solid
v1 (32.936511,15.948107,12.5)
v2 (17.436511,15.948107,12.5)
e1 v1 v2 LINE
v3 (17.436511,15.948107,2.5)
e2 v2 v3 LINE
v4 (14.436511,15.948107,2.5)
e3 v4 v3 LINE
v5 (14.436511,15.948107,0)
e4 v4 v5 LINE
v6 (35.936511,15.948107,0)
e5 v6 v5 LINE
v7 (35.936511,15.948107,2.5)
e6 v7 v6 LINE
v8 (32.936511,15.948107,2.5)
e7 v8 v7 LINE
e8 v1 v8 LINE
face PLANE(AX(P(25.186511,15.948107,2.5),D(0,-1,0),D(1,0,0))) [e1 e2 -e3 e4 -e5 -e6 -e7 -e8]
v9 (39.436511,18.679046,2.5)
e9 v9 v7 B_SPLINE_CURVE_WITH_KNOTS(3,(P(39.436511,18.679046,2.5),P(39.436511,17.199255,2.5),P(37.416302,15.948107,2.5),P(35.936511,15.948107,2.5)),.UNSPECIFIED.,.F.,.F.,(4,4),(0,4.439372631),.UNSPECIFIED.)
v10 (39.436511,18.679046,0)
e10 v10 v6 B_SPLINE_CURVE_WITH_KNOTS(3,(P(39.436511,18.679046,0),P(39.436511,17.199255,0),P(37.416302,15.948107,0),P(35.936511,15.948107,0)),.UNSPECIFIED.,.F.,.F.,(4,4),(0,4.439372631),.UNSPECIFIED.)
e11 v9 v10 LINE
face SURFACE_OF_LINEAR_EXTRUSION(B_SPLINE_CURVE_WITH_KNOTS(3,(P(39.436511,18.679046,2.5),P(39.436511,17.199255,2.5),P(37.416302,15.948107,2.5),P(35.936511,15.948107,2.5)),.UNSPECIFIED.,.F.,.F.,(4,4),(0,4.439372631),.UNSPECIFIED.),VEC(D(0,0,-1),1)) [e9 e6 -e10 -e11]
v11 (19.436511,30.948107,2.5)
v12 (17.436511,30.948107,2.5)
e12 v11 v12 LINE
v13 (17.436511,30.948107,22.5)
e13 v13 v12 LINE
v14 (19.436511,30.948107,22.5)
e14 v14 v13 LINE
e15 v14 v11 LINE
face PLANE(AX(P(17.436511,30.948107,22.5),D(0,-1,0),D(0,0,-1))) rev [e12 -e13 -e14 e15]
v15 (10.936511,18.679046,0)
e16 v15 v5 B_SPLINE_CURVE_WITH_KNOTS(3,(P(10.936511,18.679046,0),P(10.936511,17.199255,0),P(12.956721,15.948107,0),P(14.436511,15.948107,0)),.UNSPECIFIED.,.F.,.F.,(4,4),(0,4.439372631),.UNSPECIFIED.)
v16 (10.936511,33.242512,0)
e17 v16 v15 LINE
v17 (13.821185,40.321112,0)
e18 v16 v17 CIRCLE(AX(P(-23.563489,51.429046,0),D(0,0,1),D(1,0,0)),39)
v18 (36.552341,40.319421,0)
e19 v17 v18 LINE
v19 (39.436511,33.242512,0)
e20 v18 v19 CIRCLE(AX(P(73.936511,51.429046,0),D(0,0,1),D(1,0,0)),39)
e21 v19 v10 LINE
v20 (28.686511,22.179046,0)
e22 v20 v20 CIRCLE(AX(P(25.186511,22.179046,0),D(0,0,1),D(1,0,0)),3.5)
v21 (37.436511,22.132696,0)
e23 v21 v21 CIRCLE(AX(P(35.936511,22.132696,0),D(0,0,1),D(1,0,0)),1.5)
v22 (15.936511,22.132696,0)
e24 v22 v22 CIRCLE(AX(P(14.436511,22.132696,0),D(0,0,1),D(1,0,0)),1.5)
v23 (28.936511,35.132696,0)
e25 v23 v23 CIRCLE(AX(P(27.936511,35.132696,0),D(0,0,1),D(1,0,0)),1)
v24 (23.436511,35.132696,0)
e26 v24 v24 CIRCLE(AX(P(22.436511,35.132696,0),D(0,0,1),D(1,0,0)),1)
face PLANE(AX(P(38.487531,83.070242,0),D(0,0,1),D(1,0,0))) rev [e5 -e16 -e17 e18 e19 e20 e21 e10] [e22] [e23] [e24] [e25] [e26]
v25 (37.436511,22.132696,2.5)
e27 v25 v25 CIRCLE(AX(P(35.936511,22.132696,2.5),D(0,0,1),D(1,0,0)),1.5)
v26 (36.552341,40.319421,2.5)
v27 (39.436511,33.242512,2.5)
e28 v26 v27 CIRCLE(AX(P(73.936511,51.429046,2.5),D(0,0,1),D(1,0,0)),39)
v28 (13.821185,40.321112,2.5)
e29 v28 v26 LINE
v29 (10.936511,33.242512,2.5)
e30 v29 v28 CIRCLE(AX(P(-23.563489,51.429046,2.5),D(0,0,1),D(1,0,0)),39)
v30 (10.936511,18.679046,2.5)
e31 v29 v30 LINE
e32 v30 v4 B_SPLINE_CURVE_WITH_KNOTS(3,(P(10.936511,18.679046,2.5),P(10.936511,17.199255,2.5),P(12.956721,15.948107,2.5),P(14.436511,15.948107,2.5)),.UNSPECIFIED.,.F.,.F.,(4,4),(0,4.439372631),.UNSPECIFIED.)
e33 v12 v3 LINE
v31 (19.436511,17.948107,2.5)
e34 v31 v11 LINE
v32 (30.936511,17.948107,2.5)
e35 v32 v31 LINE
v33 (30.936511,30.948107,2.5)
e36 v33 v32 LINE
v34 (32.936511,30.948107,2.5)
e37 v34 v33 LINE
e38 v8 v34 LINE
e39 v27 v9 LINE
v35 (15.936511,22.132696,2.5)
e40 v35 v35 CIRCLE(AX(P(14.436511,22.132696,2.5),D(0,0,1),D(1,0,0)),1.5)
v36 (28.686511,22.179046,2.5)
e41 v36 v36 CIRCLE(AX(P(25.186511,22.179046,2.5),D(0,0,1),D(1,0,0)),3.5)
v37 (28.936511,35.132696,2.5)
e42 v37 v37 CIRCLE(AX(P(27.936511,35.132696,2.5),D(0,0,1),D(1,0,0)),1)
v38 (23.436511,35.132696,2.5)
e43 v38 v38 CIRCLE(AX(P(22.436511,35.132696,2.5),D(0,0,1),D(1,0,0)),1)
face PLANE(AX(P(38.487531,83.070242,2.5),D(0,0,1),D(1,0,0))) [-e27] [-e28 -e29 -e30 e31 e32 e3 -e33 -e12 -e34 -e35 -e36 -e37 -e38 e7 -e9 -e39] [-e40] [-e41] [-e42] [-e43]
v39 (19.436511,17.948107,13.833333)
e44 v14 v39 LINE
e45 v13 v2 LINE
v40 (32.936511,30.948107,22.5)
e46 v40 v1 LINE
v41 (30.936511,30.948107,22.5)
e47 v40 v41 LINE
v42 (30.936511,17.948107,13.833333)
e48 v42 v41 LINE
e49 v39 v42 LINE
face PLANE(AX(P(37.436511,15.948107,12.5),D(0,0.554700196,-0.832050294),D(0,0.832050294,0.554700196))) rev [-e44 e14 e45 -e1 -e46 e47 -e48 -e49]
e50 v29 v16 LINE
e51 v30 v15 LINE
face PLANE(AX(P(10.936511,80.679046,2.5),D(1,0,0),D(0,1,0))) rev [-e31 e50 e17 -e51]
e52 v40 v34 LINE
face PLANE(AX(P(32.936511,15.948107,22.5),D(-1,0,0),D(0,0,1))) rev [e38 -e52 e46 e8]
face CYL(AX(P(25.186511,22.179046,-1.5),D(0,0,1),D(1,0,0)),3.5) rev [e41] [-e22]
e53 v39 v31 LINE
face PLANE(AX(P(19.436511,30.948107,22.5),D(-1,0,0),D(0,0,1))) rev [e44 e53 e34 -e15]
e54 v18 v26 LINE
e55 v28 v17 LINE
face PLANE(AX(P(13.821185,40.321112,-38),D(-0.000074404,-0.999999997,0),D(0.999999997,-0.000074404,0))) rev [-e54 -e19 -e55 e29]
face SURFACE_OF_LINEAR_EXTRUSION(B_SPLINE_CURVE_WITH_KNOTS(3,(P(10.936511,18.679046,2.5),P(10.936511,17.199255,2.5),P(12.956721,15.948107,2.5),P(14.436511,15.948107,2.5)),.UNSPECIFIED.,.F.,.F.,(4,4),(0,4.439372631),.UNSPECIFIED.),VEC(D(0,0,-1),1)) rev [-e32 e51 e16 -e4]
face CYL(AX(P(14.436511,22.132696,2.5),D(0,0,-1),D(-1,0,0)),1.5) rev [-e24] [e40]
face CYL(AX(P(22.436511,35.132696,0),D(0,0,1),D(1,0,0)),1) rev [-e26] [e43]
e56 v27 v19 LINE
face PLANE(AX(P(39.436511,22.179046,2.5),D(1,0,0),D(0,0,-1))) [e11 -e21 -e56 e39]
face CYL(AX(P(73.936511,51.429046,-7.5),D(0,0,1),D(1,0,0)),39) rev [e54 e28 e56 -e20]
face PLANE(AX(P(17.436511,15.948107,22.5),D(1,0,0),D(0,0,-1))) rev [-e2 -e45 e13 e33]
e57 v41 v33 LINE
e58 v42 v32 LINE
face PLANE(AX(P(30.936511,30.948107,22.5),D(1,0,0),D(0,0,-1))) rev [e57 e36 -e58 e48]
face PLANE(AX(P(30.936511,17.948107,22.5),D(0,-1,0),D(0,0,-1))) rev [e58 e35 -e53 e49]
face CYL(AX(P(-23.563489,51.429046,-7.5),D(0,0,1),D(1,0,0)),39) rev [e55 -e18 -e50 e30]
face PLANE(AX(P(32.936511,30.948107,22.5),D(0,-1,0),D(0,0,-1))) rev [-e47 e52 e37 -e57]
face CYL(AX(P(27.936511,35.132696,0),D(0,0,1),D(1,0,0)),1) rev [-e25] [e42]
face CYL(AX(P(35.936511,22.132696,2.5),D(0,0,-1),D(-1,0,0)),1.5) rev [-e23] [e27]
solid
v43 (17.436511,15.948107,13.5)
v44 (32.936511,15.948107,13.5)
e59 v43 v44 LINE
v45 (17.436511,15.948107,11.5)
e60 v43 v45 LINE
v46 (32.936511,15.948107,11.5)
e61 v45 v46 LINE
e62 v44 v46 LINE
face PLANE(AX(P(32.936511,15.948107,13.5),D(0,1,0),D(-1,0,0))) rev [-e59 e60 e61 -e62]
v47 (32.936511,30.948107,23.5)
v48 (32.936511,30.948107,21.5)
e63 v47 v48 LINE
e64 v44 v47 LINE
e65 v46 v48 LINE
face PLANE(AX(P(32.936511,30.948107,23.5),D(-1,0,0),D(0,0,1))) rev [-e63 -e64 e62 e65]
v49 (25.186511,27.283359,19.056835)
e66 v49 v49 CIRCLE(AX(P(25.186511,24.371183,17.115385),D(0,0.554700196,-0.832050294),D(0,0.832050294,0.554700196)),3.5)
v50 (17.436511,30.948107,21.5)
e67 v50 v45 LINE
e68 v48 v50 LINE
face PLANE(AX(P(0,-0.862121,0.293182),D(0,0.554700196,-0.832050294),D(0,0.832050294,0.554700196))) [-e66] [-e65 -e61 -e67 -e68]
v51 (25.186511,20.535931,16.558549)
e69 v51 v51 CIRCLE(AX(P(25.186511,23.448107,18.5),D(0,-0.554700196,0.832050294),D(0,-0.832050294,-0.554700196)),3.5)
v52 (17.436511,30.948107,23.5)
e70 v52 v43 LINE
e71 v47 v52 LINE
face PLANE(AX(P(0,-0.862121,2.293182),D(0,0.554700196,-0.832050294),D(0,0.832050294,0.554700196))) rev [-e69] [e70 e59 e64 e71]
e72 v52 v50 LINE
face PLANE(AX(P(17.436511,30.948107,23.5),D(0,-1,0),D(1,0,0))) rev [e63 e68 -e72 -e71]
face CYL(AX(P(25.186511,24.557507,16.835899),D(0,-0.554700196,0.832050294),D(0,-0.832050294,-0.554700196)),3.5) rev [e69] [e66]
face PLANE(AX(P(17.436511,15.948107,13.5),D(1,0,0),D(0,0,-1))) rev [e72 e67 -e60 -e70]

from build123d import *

# Parameters (mm, degrees)
MODEL_R              = 1.5
EXTRUDE_1_DEPTH      = 2.5
SKETCH_2_W           = 21
SKETCH_2_H           = 22
SKETCH_2_W_2         = 19
SKETCH_2_H_2         = 19.020798255
EXTRUDE_2_DEPTH      = 7
SKETCH_3_W           = 1.5
SKETCH_3_H           = 5
EXTRUDE_3_DEPTH      = 7
CUT_EXTRUDE_2_DEPTH  = 7
EXTRUDE_6_DEPTH      = 7
CUT_EXTRUDE_4_DEPTH  = 7
SKETCH_13_W          = 2
SKETCH_13_H          = 2
CUT_EXTRUDE_5_DEPTH  = 7
EXTRUDE_7_DEPTH      = 20
CUT_EXTRUDE_6_DEPTH  = 20
SKETCH_20_W          = 15.5
SKETCH_20_H          = 18.027756377
EXTRUDE_9_DEPTH      = 1
SKETCH_21_R          = 3.5
CUT_EXTRUDE_7_DEPTH  = 2
SKETCH_23_R          = 3.5
CUT_EXTRUDE_8_DEPTH  = 4
SKETCH_25_W          = 3
SKETCH_25_H          = 13
EXTRUDE_10_DEPTH     = 15
SKETCH_26_R          = 2.5
CUT_EXTRUDE_9_DEPTH  = 18
CUT_EXTRUDE_10_DEPTH = 16
SKETCH_28_W          = 2.683621922
SKETCH_28_H          = 2
CUT_EXTRUDE_12_DEPTH = 2
SKETCH_30_R          = 1
CUT_EXTRUDE_13_DEPTH = 10
SKETCH_31_R          = 39
CUT_EXTRUDE_14_DEPTH = 10
SKETCH_33_R          = 1
CUT_EXTRUDE_15_DEPTH = 2.5
EXTRUDE_13_DEPTH     = 2.5
CUT_EXTRUDE_16_DEPTH = 40.5


with BuildPart() as part:
    # Model → 凸台-拉伸1 (new body)
    with BuildSketch(Plane.XY):
        with BuildLine():
            Line((35.686511473, 106.179045823), (14.686511473, 106.179045823))
            Line((14.686511473, 106.179045823), (14.686511473, 84.179045823))
            add(Edge.make_bspline(
                [(14.686511473, 84.179045823), (12.217125861, 84.179045823), (10.936511473, 82.388902867), (10.936511473, 80.679045823)],
                knots=[0, 0, 0, 0, 5.129571132, 5.129571132, 5.129571132, 5.129571132], degree=3))
            Line((10.936511473, 80.679045823), (10.936511473, 18.679045823))
            add(Edge.make_bspline(
                [(10.936511473, 18.679045823), (10.936511473, 17.199254946), (12.956720596, 15.948106541), (14.436511473, 15.948106541)],
                knots=[0, 0, 0, 0, 4.439372631, 4.439372631, 4.439372631, 4.439372631], degree=3))
            Line((14.436511473, 15.948106541), (35.936511473, 15.948106541))
            add(Edge.make_bspline(
                [(39.436511473, 18.679045823), (39.436511473, 17.199254946), (37.41630235, 15.948106541), (35.936511473, 15.948106541)],
                knots=[0, 0, 0, 0, 4.439372631, 4.439372631, 4.439372631, 4.439372631], degree=3))
            Line((39.436511473, 18.679045823), (39.436511473, 80.679045823))
            add(Edge.make_bspline(
                [(35.686511473, 84.179045823), (38.155897084, 84.179045823), (39.436511473, 82.388902867), (39.436511473, 80.679045823)],
                knots=[0, 0, 0, 0, 5.129571132, 5.129571132, 5.129571132, 5.129571132], degree=3))
            Line((35.686511473, 84.179045823), (35.686511473, 106.179045823))
        make_face()
        with Locations((14.436511473, 22.132696196)):
            Circle(MODEL_R, mode=Mode.SUBTRACT)
        with Locations((35.936511473, 22.132696196)):
            Circle(MODEL_R, mode=Mode.SUBTRACT)
        with Locations((14.436511473, 80.679045823)):
            Circle(MODEL_R, mode=Mode.SUBTRACT)
        with Locations((35.936511473, 80.679045823)):
            Circle(MODEL_R, mode=Mode.SUBTRACT)
    extrude(amount=EXTRUDE_1_DEPTH)

    # 草图2 → 凸台-拉伸2 (add)
    with BuildSketch(Plane.XY.offset(2.5)):
        with Locations((25.186511473, 95.179045823)):
            Rectangle(SKETCH_2_W, SKETCH_2_H)
        with Locations((25.18651147, 95.501249058)):
            Rectangle(SKETCH_2_W_2, SKETCH_2_H_2, mode=Mode.SUBTRACT)
    extrude(amount=EXTRUDE_2_DEPTH)

    # 草图3 → 凸台-拉伸3 (add)
    with BuildSketch(Plane.XY.offset(2.5)):
        with Locations((20.120133395, 81.679045823)):
            Rectangle(SKETCH_3_W, SKETCH_3_H)
    extrude(amount=EXTRUDE_3_DEPTH)

    # 草图4 → 切除-拉伸2 (cut)
    with BuildSketch(Plane.ZY.offset(-19.370133395)):
        Polygon((9.5, 84.179045823), (2.5, 79.179045823), (9.5, 79.179045823), align=None)
    extrude(amount=-CUT_EXTRUDE_2_DEPTH, mode=Mode.SUBTRACT)

    # Sketch 3D_1 → 凸台-拉伸6 (add)
    with BuildSketch(Plane(origin=(31.006511473, 84.179045823, 2.5), x_dir=(-0.28734788556634544, -0.9578262852211514, 0), z_dir=(0, 0, -1))):
        Polygon((0, 0), (0.431021828, 1.436739428), (5.220153254, 0), (4.789131426, -1.436739428), align=None)
    extrude(amount=-EXTRUDE_6_DEPTH)

    # 草图12 → 切除-拉伸4 (cut)
    with BuildSketch(Plane.ZY.offset(-29.506511473)):
        Polygon((9.5, 84.179045823), (9.5, 79.179045823), (2.5, 79.179045823), align=None)
    extrude(amount=-CUT_EXTRUDE_4_DEPTH, mode=Mode.SUBTRACT)

    # 草图13 → 切除-拉伸5 (cut)
    with BuildSketch(Plane.XZ.offset(-84.179045823)):
        with Locations((25.186511473, 3.5)):
            Rectangle(SKETCH_13_W, SKETCH_13_H)
    extrude(amount=-CUT_EXTRUDE_5_DEPTH, mode=Mode.SUBTRACT)

    # 草图14 → 凸台-拉伸7 (add)
    with BuildSketch(Plane.XY.offset(2.5)):
        Polygon((19.436511473, 30.948106541), (19.436511473, 17.948106541), (30.936511473, 17.948106541), (30.936511473, 30.948106541), (32.936511473, 30.948106541), (32.936511473, 15.948106541), (17.436511473, 15.948106541), (17.436511473, 30.948106541), align=None)
    extrude(amount=EXTRUDE_7_DEPTH)

    # 草图15 → 切除-拉伸6 (cut)
    with BuildSketch(Plane.ZY.offset(-17.436511473)):
        Polygon((22.5, 30.948106541), (22.5, 15.948106541), (12.5, 15.948106541), align=None)
    extrude(amount=-CUT_EXTRUDE_6_DEPTH, mode=Mode.SUBTRACT)

    # 草图23 → 切除-拉伸8 (cut)
    with BuildSketch(Plane.XY.offset(2.5)):
        with Locations((25.186511473, 22.179045823)):
            Circle(SKETCH_23_R)
    extrude(amount=-CUT_EXTRUDE_8_DEPTH, mode=Mode.SUBTRACT)

    # 草图25 → 凸台-拉伸10 (add)
    with BuildSketch(Plane.XY.offset(2.5)):
        Polygon((25.186511473, 73.429045823), (26.214511031, 73.429045823), (26.214511031, 60.429045823), (24.186511473, 60.429045823), (24.186511473, 73.429045823), align=None)
        with Locations((31.686511473, 66.929045823)):
            Rectangle(SKETCH_25_W, SKETCH_25_H)
        with Locations((18.686511473, 66.929045823)):
            Rectangle(SKETCH_25_W, SKETCH_25_H)
    extrude(amount=EXTRUDE_10_DEPTH)

    # 草图26 → 切除-拉伸9 (cut)
    with BuildSketch(Plane.ZY.offset(-17.186511473)):
        with Locations(Location((11, 66.929045823, 0), (0, 0, 270))):
            Circle(SKETCH_26_R)
    extrude(amount=-CUT_EXTRUDE_9_DEPTH, mode=Mode.SUBTRACT)

    # 草图27 → 切除-拉伸10 (cut)
    with BuildSketch(Plane.ZY.offset(-17.186511473)):
        with BuildLine():
            Line((11, 73.429045823), (11, 75.536501325))
            Line((11, 75.536501325), (21.747083052, 75.536501325))
            Line((21.747083052, 75.536501325), (21.747083052, 59.045875477))
            Line((21.747083052, 59.045875477), (11, 59.431370627))
            Line((11, 59.431370627), (11, 60.429045823))
            ThreePointArc((11, 60.429045823), (17.5, 66.929045823), (11, 73.429045823))
        make_face()
    extrude(amount=-CUT_EXTRUDE_10_DEPTH, mode=Mode.SUBTRACT)

    # 草图28 → 切除-拉伸12 (cut)
    with BuildSketch(Plane.XZ.offset(-84.179045823)):
        with Locations((18.028322434, 3.5)):
            Rectangle(SKETCH_28_W, SKETCH_28_H)
        Polygon((31.001439257, 2.495787232), (33.685060474, 2.493843259), (33.686509243, 4.493842734), (31.002888025, 4.495786707), align=None)
    extrude(amount=-CUT_EXTRUDE_12_DEPTH, mode=Mode.SUBTRACT)

    # 草图30 → 切除-拉伸13 (cut)
    with BuildSketch(Plane.XY.offset(2.5)):
        with Locations((28.188322434, 55.179045823)):
            Circle(SKETCH_30_R)
        with Locations((22.188322434, 54.179045823)):
            Circle(SKETCH_30_R)
    extrude(amount=-CUT_EXTRUDE_13_DEPTH, mode=Mode.SUBTRACT)

    # 草图31 → 切除-拉伸14 (cut)
    with BuildSketch(Plane.XY.offset(2.5)):
        with Locations((-23.563488527, 51.429045823)):
            Circle(SKETCH_31_R)
        with Locations((73.936511473, 51.429045823)):
            Circle(SKETCH_31_R)
    extrude(amount=-CUT_EXTRUDE_14_DEPTH, mode=Mode.SUBTRACT)

    # 草图33 → 切除-拉伸15 (cut)
    with BuildSketch(Plane.XY.offset(2.5)):
        with Locations((22.436511473, 35.132696196)):
            Circle(SKETCH_33_R)
        with Locations((27.936511473, 35.132696196)):
            Circle(SKETCH_33_R)
    extrude(amount=-CUT_EXTRUDE_15_DEPTH, mode=Mode.SUBTRACT)

    # 草图32 → 凸台-拉伸13 (add)
    with BuildSketch(Plane.XY.offset(2.5)):
        with BuildLine():
            Line((17.214511031, 60.429045823), (15.297431543, 47.822900451))
            add(Edge.make_bspline(
                [(17.214511031, 60.429045823), (16.402774166, 57.261824787), (15.879635601, 55.030502336), (6.038156358, 53.300869438), (2.601041084, 54.562530921), (2.767654696, 53.014775012), (5.153806778, 51.137514182), (9.250259364, 48.687019635), (9.753110129, 48.526716356), (15.297431543, 47.822900451)],
                knots=[0, 0, 0, 0, 0.228683763, 0.270207351, 0.399121597, 0.431668139, 0.563126225, 0.621602637, 1, 1, 1, 1], degree=3))
        make_face()
        with BuildLine():
            Line((33.186511473, 60.429045823), (35.10359096, 47.822900451))
            add(Edge.make_bspline(
                [(33.186511473, 60.429045823), (33.998248337, 57.261824787), (34.521386902, 55.030502336), (44.362866145, 53.300869438), (47.79998142, 54.562530921), (47.633367808, 53.014775012), (45.247215725, 51.137514182), (41.150763139, 48.687019635), (40.647912374, 48.526716356), (35.10359096, 47.822900451)],
                knots=[0, 0, 0, 0, 0.228683763, 0.270207351, 0.399121597, 0.431668139, 0.563126225, 0.621602637, 1, 1, 1, 1], degree=3))
        make_face()
    extrude(amount=-EXTRUDE_13_DEPTH)

    # 草图34 → 切除-拉伸16 (cut, symmetric)
    with BuildSketch(Plane.XY.offset(2.5)):
        Polygon((13.821184983, 40.321112329), (36.55234053, 40.319421035), (46.082104671, 32.132653457), (58.914368783, 113.092574309), (0, 109.126238129), (-4.080382313, 42.2818078), align=None)
    extrude(amount=CUT_EXTRUDE_16_DEPTH, both=True, mode=Mode.SUBTRACT)


with BuildPart() as body_2:
    # 草图20 → 凸台-拉伸9 (new, symmetric, along a direction that is not the sketch's normal)
    with BuildSketch(Plane(origin=(0, -0.862121064, 1.293181596), x_dir=(1, 0, 0), z_dir=(0, -0.5547001962252294, 0.8320502943378436))):
        with Locations((25.186511473, 29.217257383)):
            Rectangle(SKETCH_20_W, SKETCH_20_H)
    extrude(amount=EXTRUDE_9_DEPTH, dir=(0, 0, 1), both=True)

    # 草图21 → 切除-拉伸7 (cut)
    with BuildSketch(Plane(origin=(0, -1.323659526, 1.985489289), x_dir=(1, 0, 0), z_dir=(0, -0.5547001962252295, 0.8320502943378434))):
        with Locations(Location((25.186511473, 29.771957579, 0), (0, 0, 270))):
            Circle(SKETCH_21_R)
    extrude(amount=-CUT_EXTRUDE_7_DEPTH, mode=Mode.SUBTRACT)


solid = Compound([part.part, body_2.part])
